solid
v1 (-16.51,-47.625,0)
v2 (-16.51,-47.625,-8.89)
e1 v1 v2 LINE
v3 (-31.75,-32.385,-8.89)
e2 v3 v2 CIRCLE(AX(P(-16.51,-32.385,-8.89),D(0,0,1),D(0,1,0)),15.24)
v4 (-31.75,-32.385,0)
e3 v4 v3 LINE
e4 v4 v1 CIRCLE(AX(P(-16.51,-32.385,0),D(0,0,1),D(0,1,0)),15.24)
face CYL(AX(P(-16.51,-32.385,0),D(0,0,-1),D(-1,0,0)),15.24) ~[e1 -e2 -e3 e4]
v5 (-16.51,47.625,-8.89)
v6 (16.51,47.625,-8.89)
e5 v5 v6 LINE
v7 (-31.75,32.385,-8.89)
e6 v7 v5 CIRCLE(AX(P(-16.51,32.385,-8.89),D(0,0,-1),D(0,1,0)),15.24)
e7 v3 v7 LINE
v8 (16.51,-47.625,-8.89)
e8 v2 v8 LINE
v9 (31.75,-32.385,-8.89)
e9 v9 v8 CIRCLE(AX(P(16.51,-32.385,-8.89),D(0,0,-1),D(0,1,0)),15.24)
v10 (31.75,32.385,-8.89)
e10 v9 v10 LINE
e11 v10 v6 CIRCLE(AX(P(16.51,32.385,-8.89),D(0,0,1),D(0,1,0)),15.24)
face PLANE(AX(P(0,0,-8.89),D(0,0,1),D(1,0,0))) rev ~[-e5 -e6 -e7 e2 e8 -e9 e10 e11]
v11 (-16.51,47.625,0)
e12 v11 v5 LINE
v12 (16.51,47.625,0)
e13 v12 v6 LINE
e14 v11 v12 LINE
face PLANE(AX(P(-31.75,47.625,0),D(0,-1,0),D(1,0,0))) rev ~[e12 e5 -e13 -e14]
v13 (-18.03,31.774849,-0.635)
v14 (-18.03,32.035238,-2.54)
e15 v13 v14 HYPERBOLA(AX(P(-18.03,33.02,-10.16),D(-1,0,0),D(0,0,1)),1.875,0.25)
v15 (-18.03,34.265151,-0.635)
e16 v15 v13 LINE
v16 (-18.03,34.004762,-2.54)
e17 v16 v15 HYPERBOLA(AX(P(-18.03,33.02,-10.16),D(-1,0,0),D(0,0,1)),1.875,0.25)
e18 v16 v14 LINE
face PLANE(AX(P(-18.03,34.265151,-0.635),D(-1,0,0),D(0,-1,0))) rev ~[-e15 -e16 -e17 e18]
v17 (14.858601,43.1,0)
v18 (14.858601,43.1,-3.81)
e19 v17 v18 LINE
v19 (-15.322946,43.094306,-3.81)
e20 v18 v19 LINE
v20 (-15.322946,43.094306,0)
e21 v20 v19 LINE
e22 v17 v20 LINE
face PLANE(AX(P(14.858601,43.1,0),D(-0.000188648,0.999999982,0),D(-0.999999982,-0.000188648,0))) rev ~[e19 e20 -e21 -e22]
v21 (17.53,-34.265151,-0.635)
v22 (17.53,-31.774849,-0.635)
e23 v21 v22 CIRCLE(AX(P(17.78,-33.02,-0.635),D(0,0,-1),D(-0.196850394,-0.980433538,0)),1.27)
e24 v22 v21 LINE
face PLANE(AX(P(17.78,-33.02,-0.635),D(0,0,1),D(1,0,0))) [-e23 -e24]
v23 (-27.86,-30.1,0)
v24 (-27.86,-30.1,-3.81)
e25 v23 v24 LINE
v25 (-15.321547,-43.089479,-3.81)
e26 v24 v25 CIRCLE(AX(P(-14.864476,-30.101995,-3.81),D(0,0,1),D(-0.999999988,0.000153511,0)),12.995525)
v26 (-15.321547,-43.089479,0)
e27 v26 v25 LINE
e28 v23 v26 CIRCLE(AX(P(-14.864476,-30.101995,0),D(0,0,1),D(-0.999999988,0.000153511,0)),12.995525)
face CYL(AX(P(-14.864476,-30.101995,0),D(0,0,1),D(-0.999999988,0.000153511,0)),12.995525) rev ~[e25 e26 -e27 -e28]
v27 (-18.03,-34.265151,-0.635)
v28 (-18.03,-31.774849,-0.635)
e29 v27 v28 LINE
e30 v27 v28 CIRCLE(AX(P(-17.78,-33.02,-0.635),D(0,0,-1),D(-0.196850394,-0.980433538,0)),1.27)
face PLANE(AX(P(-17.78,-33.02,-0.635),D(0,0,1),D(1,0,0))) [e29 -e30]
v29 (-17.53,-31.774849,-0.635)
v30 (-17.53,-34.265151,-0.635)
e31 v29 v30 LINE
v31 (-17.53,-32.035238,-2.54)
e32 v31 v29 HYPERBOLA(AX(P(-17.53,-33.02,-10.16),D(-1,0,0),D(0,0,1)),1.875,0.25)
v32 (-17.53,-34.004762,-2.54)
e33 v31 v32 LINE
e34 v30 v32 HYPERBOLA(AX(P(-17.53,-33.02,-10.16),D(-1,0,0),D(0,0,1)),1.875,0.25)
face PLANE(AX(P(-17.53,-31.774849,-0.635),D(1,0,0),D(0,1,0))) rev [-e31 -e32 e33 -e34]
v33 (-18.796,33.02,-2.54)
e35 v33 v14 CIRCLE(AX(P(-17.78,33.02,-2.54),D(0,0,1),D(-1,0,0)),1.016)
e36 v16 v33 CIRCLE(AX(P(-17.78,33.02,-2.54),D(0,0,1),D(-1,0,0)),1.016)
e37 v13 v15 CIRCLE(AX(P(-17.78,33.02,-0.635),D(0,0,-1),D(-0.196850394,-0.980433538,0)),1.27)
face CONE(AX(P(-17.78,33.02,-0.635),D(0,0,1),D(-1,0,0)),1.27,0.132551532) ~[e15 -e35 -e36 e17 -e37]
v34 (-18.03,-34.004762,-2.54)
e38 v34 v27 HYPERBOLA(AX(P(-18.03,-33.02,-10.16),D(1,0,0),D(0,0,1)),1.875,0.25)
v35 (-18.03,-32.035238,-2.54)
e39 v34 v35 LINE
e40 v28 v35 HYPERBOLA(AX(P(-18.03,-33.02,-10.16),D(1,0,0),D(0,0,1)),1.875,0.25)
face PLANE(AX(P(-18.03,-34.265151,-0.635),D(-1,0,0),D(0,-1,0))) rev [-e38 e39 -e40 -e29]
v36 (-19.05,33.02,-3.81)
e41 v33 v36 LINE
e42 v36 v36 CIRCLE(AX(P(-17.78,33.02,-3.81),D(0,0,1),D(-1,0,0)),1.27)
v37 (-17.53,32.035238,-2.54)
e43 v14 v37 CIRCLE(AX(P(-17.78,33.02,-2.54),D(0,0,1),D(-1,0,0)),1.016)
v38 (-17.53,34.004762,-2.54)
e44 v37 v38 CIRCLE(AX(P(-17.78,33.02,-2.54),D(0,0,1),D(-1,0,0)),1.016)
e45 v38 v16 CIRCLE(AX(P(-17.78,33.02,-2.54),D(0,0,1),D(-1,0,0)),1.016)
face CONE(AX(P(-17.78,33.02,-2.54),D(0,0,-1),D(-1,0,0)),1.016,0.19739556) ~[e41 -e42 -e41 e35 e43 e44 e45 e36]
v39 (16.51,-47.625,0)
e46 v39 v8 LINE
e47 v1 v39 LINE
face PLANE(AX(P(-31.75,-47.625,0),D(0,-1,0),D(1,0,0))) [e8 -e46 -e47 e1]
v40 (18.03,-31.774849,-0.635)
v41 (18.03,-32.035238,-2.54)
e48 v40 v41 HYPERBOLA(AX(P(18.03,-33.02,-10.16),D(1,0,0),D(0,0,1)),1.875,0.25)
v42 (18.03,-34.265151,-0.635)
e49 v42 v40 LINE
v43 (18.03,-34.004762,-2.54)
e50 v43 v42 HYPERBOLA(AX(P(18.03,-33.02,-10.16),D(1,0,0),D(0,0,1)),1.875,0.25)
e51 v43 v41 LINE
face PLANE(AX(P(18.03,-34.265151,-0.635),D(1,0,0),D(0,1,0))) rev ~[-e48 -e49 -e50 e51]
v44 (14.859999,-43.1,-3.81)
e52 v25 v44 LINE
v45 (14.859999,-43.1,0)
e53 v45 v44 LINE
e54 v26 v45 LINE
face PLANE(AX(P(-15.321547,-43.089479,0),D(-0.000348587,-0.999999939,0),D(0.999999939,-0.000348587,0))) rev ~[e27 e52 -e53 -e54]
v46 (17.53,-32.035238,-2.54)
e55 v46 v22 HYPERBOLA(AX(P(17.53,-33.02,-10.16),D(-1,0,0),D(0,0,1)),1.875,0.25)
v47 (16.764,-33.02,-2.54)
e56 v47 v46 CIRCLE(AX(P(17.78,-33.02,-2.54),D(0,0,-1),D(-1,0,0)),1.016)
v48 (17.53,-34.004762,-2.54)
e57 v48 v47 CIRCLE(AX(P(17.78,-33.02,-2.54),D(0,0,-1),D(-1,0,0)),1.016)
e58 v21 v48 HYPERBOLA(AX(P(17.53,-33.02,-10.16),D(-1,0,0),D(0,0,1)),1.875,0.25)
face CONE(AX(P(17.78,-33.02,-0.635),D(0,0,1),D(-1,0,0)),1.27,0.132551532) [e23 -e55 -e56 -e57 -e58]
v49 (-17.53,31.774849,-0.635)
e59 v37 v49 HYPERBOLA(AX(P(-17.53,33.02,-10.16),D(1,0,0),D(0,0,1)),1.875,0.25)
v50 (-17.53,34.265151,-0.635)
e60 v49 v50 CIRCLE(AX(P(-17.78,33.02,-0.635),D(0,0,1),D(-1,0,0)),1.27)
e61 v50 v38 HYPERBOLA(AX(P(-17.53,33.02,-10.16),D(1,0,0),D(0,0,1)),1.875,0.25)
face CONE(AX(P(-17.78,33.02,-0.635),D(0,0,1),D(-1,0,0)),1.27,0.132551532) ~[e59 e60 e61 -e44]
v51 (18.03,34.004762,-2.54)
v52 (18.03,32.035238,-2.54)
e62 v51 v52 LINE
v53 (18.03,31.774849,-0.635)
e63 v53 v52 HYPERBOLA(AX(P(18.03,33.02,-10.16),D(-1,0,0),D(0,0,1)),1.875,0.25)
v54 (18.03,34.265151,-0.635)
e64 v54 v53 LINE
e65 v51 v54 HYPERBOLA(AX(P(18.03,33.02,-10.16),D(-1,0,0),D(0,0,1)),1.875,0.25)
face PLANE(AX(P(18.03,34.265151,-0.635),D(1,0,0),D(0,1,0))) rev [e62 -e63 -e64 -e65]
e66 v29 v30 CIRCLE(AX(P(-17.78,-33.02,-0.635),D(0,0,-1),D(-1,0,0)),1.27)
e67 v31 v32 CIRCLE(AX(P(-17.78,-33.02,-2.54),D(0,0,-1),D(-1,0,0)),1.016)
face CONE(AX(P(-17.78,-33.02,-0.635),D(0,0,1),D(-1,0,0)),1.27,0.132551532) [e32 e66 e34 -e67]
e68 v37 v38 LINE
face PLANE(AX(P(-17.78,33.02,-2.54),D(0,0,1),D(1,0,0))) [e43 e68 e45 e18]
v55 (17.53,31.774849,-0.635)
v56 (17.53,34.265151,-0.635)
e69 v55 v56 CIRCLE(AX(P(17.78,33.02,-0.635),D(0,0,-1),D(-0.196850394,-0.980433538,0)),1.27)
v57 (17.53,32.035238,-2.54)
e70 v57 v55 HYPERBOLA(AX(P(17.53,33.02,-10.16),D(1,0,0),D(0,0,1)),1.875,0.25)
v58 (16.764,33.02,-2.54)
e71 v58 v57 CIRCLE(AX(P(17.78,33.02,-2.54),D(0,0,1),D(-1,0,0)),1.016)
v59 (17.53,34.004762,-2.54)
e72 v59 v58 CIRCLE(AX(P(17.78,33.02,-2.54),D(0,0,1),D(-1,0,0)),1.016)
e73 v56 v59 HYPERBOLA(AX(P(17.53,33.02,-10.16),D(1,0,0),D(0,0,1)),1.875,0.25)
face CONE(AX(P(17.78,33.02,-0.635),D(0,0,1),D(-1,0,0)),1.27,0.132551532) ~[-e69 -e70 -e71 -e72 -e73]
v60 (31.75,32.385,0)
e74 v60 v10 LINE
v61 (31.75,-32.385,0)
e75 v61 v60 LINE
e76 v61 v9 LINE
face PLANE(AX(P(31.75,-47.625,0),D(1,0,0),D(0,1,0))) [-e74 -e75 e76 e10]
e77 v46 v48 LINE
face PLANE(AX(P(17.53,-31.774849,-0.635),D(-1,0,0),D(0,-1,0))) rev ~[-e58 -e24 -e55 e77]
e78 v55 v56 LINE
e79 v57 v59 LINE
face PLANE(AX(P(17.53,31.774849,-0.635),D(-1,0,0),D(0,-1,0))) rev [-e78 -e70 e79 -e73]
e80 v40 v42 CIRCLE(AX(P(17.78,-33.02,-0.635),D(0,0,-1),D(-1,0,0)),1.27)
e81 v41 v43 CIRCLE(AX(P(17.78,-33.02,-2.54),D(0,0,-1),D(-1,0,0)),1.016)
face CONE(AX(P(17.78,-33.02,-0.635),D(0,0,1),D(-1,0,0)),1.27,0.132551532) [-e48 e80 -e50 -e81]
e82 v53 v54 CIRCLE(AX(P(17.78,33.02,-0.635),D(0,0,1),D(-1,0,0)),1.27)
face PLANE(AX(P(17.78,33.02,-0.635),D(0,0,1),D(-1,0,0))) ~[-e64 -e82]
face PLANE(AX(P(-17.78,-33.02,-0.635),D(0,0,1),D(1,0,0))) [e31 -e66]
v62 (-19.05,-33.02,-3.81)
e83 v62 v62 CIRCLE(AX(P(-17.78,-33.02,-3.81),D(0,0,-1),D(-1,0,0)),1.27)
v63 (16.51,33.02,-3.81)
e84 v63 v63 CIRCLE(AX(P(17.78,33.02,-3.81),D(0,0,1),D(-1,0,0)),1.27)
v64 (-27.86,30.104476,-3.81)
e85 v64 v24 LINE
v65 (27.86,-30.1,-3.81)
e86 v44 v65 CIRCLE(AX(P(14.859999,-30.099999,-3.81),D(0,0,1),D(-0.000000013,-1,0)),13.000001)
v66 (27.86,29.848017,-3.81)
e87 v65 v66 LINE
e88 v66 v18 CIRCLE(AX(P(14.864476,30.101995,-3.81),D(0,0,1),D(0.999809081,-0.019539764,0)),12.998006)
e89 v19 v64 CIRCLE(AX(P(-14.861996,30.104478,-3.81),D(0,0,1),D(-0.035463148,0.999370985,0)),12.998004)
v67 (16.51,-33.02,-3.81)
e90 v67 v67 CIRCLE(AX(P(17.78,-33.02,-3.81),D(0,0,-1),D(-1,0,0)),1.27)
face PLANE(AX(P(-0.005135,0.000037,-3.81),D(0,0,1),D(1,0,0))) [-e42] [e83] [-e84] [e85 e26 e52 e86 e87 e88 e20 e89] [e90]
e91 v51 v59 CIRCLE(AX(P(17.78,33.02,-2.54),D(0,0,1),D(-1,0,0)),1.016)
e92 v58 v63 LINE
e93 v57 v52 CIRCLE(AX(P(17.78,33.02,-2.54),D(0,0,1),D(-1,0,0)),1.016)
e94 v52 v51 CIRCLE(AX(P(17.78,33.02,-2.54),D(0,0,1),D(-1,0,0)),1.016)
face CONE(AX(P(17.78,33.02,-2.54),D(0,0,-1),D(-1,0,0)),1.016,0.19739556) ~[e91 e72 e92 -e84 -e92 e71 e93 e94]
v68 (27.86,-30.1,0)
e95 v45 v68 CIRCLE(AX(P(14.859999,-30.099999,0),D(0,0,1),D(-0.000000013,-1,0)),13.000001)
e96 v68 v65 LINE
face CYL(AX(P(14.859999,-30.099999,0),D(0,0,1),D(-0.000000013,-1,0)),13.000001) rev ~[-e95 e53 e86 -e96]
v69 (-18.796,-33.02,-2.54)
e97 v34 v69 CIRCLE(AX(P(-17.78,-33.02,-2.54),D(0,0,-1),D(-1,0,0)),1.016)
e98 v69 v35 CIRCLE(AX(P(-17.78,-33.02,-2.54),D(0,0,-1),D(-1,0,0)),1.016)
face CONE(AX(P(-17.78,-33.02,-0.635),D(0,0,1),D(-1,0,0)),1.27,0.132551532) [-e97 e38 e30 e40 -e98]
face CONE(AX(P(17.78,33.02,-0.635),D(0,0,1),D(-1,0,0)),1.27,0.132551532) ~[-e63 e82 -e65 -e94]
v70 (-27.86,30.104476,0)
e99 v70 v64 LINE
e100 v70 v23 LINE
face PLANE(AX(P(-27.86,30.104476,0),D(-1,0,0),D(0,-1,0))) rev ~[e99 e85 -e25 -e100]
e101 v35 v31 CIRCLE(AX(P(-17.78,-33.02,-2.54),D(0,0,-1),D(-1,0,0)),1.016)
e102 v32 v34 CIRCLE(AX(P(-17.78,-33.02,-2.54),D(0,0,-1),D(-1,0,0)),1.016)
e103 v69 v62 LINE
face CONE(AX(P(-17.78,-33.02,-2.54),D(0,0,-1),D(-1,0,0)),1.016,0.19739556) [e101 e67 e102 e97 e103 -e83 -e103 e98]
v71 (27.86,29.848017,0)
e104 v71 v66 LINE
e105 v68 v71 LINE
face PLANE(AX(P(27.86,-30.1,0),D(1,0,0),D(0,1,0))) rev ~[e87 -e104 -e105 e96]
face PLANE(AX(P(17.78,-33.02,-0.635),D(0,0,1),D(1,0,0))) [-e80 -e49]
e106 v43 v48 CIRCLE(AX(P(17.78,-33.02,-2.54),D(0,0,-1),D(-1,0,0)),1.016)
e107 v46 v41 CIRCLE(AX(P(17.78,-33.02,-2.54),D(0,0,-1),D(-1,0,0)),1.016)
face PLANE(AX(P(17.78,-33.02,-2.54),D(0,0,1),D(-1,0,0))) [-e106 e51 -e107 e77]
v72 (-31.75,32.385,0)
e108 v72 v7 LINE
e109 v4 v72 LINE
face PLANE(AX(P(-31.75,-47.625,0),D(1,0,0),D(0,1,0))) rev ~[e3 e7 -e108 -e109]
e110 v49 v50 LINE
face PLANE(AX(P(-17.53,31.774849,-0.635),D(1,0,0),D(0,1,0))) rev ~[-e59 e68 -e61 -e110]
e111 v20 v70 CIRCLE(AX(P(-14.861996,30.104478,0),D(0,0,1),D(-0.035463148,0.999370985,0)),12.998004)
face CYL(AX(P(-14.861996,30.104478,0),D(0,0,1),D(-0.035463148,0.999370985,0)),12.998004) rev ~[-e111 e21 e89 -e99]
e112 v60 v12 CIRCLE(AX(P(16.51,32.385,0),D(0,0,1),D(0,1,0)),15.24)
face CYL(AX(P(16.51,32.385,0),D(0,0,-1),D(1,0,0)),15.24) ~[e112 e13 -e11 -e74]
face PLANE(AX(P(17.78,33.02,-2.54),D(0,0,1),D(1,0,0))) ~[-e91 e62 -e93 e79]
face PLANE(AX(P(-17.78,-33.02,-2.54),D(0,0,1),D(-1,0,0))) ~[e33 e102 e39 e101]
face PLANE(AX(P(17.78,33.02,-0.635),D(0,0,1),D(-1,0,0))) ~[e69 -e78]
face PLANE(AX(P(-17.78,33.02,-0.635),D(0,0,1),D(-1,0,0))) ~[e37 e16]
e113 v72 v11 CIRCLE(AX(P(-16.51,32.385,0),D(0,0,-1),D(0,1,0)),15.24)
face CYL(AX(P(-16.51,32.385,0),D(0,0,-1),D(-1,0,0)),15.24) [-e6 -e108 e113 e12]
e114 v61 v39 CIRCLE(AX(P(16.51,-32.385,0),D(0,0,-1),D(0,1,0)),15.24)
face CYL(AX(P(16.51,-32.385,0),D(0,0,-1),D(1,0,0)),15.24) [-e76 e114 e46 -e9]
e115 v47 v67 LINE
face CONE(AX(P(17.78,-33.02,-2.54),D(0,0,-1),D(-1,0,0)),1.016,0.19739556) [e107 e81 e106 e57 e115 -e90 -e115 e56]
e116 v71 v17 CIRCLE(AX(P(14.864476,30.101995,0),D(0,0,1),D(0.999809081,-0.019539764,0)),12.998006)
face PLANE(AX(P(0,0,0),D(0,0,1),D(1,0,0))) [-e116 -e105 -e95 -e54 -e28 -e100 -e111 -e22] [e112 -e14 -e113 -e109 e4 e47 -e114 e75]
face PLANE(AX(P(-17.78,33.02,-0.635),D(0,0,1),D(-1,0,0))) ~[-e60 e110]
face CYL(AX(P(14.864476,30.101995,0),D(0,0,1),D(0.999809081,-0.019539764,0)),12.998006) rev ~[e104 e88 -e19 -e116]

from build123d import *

# Parameters (mm, degrees)
SKETCH1_W                                = 63.5
SKETCH1_H                                = 95.25
BOSS_EXTRUDE1_DEPTH                      = 8.89
CUT_EXTRUDE1_DEPTH                       = 3.81
CUT_EXTRUDE2_DEPTH                       = 1.905
MIRROR2_AT_THE_SECOND_PLANE_COPY_1_DEPTH = 1.905
FILLET1_R                                = 15.24


with BuildPart() as part:
    # Sketch1 → Boss-Extrude1 (new body)
    with BuildSketch(Plane.XY):
        Rectangle(SKETCH1_W, SKETCH1_H)
    extrude(amount=-BOSS_EXTRUDE1_DEPTH)

    # Sketch4 → Cut-Extrude1 (cut)
    with BuildSketch(Plane.XY):
        with BuildLine():
            Line((-15.321546842, -43.089479105), (14.859998977, -43.1))
            ThreePointArc((14.859998977, -43.1), (24.052387544, -39.292388268), (27.86, -30.1))
            Line((27.86, -30.1), (27.86, 29.848016994))
            ThreePointArc((27.86, 29.848016994), (24.142757308, 39.204832311), (14.858601027, 43.099999609))
            Line((14.858601027, 43.099999609), (-15.322946088, 43.094305911))
            ThreePointArc((-15.322946088, 43.094305911), (-24.214524383, 39.131012084), (-27.86, 30.104475598))
            Line((-27.86, 30.104475598), (-27.86, -30.1))
            ThreePointArc((-27.86, -30.1), (-24.214594541, -39.127455295), (-15.321546842, -43.089479105))
        make_face()
    extrude(amount=-CUT_EXTRUDE1_DEPTH, mode=Mode.SUBTRACT)

    # Sketch8 → Revolve1 (revolve)
    with BuildSketch(Plane.ZX.offset(33.02)):
        Polygon((-3.81, -17.78), (-2.921, -17.78), (-0.635, -17.78), (-0.635, -16.51), (-2.54, -16.764), (-3.81, -16.51), align=None)
    revolve1 = revolve(axis=Axis((-17.78, 33.02, -3.81), (0, 0, 1)))

    # Sketch9 → Revolve2 (revolve)
    with BuildSketch(Plane.ZX.offset(33.02)):
        Polygon((-3.81, 17.78), (-2.54, 17.78), (-0.635, 17.78), (-0.635, 19.05), (-2.54, 18.796), (-3.81, 19.05), align=None)
    revolve2 = revolve(axis=Axis((17.78, 33.02, -3.81), (0, 0, 1)))

    # Mirror1: Revolve1, Revolve2 across plane
    add(revolve1.mirror(Plane.ZX))
    add(revolve2.mirror(Plane.ZX))

    # Sketch10 → Cut-Extrude2 (cut)
    with BuildSketch(Plane.XY.offset(-0.635)):
        with BuildLine():
            Line((-17.53, 31.774849407), (-17.53, 34.265150593))
            ThreePointArc((-17.53, 34.265150593), (-17.78, 34.29), (-18.03, 34.265150593))
            Line((-18.03, 34.265150593), (-18.03, 31.774849407))
            ThreePointArc((-18.03, 31.774849407), (-17.78, 31.75), (-17.53, 31.774849407))
        make_face()
    cut_extrude2 = extrude(amount=-CUT_EXTRUDE2_DEPTH, mode=Mode.SUBTRACT)

    # Mirror2: Cut-Extrude2 across plane
    add(cut_extrude2.mirror(Plane.ZX), mode=Mode.SUBTRACT)

    # Mirror2 at the second plane: Cut-Extrude2 across plane
    add(cut_extrude2.mirror(Plane(origin=(0, 0, 0), x_dir=(0, 0, 1), z_dir=(1, 0, 0))), mode=Mode.SUBTRACT)

    # Mirror2 at the second plane copy 1 sketc → Mirror2 at the second plane copy 1 (cut)
    with BuildSketch(Plane(origin=(0, 0, -0.635), x_dir=(-1, 0, 0), z_dir=(0, 0, 1))):
        with BuildLine():
            Line((-17.53, 31.774849407), (-17.53, 34.265150593))
            ThreePointArc((-17.53, 34.265150593), (-17.78, 34.29), (-18.03, 34.265150593))
            Line((-18.03, 34.265150593), (-18.03, 31.774849407))
            ThreePointArc((-18.03, 31.774849407), (-17.78, 31.75), (-17.53, 31.774849407))
        make_face()
    extrude(amount=-MIRROR2_AT_THE_SECOND_PLANE_COPY_1_DEPTH, mode=Mode.SUBTRACT)

    # Fillet1
    fillet1_edges = [part.edges().sort_by_distance(p)[0] for p in [
        (31.75, -47.625, -4.445),
        (-31.75, -47.625, -4.445),
        (31.75, 47.625, -4.445),
        (-31.75, 47.625, -4.445),
    ]]
    fillet(fillet1_edges, radius=FILLET1_R)


solid = part.part
